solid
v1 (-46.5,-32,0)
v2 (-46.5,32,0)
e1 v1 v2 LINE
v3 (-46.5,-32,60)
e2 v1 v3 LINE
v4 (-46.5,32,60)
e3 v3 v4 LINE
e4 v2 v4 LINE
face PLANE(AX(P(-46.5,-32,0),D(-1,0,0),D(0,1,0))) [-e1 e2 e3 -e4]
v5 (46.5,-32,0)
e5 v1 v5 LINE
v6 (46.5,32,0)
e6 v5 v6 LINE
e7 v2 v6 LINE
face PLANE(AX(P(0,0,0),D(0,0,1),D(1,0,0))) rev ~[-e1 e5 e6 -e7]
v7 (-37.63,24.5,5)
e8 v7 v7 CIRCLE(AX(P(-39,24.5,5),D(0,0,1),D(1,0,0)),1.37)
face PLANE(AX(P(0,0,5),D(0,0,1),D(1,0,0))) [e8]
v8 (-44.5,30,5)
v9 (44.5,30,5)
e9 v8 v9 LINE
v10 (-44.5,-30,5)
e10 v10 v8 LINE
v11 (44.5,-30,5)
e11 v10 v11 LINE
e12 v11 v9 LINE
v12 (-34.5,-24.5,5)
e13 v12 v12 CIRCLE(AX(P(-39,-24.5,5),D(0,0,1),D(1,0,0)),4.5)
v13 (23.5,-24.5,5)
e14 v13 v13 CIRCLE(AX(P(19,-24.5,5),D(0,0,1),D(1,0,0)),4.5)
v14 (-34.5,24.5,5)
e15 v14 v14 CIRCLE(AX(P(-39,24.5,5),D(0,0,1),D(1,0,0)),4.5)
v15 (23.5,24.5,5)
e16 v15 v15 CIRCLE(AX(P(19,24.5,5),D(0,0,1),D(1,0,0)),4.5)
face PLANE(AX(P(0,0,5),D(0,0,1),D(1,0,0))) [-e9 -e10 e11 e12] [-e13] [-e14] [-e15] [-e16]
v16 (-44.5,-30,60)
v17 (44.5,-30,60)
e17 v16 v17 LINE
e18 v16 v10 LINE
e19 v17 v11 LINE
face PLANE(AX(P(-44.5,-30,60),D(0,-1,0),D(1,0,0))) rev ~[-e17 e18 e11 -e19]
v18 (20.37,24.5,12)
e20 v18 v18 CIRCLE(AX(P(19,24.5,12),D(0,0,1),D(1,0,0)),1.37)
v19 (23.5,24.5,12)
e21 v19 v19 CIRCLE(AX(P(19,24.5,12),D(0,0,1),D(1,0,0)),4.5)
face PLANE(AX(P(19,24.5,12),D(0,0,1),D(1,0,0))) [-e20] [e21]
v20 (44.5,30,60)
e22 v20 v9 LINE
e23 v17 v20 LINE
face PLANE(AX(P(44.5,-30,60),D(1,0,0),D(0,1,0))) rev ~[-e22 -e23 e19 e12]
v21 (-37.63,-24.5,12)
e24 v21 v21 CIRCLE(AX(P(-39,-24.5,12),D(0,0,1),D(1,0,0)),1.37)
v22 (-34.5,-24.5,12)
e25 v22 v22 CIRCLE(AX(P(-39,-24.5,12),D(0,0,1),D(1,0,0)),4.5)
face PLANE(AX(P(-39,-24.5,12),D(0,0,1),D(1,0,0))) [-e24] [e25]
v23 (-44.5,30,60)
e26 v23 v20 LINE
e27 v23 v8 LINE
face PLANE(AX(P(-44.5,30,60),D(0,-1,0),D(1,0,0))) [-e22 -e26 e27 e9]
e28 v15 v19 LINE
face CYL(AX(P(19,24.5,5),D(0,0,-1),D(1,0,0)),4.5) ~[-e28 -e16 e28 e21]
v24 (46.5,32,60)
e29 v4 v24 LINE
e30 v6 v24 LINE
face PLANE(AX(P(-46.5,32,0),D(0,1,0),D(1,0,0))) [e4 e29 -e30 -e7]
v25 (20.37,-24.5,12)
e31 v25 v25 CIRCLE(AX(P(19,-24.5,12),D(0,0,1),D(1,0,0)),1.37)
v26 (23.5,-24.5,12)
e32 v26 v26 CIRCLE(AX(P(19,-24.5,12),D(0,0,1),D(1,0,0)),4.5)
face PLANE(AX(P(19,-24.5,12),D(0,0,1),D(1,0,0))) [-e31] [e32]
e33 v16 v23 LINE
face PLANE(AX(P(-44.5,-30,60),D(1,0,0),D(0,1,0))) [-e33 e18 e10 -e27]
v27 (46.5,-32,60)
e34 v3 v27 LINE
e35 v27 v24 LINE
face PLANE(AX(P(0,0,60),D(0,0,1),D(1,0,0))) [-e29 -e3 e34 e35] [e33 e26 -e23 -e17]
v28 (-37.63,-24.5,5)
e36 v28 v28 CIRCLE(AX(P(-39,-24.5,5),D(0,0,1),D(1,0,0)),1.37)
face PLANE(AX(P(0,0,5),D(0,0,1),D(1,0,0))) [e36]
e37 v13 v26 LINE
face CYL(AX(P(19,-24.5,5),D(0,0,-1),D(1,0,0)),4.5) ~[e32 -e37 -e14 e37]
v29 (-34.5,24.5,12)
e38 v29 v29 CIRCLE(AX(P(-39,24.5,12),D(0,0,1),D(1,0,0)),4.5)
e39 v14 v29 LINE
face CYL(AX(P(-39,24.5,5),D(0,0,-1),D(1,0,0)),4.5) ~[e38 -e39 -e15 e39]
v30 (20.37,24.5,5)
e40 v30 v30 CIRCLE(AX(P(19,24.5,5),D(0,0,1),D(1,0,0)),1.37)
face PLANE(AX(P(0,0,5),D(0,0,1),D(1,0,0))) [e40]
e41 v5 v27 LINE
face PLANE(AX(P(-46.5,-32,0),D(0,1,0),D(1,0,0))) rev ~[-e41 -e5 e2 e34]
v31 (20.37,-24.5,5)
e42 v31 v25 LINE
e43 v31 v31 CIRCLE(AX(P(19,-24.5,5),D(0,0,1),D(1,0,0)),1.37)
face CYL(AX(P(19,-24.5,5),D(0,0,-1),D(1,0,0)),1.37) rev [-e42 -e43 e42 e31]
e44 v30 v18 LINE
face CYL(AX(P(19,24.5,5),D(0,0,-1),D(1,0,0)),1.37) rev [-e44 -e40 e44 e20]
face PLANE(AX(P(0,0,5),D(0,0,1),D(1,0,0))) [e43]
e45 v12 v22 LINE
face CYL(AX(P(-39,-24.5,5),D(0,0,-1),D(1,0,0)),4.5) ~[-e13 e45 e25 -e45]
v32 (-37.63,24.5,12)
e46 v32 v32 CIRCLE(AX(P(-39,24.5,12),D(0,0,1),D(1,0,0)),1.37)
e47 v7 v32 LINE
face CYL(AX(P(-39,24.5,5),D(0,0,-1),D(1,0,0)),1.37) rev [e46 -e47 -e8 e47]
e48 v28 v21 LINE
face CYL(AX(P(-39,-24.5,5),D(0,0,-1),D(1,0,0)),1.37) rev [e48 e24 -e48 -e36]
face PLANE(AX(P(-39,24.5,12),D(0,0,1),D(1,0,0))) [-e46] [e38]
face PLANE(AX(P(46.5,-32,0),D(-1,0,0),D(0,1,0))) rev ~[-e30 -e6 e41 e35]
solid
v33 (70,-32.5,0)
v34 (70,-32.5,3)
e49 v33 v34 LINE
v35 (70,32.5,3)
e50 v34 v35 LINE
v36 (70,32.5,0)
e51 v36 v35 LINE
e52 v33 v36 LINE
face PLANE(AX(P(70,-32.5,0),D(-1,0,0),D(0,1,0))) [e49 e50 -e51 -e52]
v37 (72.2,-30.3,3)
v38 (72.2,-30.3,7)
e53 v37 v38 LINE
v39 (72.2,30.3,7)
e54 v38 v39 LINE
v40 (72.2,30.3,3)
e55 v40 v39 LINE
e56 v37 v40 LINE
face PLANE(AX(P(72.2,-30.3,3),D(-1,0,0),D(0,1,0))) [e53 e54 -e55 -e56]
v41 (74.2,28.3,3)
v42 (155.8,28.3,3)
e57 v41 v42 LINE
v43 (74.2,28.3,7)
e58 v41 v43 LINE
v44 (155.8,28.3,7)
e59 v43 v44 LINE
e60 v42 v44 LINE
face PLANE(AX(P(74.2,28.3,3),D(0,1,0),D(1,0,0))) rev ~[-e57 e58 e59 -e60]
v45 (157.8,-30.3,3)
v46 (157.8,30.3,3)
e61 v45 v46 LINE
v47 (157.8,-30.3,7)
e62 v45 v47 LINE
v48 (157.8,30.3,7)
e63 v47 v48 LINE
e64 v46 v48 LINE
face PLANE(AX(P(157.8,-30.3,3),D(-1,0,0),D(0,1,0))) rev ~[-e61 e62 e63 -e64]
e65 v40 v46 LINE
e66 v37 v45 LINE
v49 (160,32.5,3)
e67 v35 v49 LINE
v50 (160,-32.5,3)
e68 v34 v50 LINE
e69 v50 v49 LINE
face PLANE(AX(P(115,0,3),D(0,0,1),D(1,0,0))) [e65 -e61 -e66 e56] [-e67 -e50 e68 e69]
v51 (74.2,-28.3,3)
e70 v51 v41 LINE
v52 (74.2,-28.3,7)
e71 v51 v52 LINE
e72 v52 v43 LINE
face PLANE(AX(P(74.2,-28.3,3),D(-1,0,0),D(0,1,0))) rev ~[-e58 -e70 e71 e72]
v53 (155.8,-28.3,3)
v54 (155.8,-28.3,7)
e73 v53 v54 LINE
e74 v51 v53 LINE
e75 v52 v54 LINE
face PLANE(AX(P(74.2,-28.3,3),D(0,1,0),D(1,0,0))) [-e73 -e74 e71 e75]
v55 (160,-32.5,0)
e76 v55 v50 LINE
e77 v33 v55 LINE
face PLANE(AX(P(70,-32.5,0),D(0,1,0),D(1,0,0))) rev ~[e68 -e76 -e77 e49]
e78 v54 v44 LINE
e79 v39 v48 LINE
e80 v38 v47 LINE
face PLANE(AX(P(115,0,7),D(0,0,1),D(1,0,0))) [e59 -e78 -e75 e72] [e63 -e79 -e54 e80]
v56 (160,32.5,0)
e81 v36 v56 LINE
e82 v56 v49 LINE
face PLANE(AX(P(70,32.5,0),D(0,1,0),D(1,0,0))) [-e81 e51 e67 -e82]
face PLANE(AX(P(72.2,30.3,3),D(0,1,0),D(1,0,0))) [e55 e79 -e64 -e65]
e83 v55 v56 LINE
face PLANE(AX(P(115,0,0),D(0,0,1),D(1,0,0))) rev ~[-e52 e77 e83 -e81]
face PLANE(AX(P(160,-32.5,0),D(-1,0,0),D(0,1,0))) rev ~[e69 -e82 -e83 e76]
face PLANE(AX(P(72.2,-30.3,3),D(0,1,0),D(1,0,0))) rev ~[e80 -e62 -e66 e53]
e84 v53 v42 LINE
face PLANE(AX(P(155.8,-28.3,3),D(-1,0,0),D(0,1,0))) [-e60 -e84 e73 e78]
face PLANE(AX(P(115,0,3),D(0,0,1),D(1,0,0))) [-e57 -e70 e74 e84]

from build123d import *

# Parameters (mm, degrees)
SKETCH_W      = 93
SKETCH_H      = 64
PAD_DEPTH     = 60
SKETCH001_W   = 89
SKETCH001_H   = 60
POCKET_DEPTH  = 55
SKETCH002_R   = 4.5
SKETCH002_R_2 = 1.37
PAD001_DEPTH  = 7
SKETCH003_W   = 90
SKETCH003_H   = 65
PAD002_DEPTH  = 3
SKETCH004_W   = 85.6
SKETCH004_H   = 60.6
SKETCH004_W_2 = 81.6
SKETCH004_H_2 = 56.6
PAD003_DEPTH  = 4


with BuildPart() as box_body_main:
    # Sketch → Pad (new body)
    with BuildSketch(Plane.XY):
        Rectangle(SKETCH_W, SKETCH_H)
    extrude(amount=PAD_DEPTH)

    # Sketch001 (on Face6 of Pad) → Pocket (cut)
    with BuildSketch(Plane.XY.offset(60)):
        Rectangle(SKETCH001_W, SKETCH001_H)
    extrude(amount=-POCKET_DEPTH, mode=Mode.SUBTRACT)

    # Sketch002 (on Face11 of Pocket) → Pad001 (join)
    with BuildSketch(Plane.XY.offset(5)):
        with Locations((-39, 24.5)):
            Circle(SKETCH002_R)
        with Locations((-39, 24.5)):
            Circle(SKETCH002_R_2, mode=Mode.SUBTRACT)
        with Locations((19, 24.5)):
            Circle(SKETCH002_R)
        with Locations((19, 24.5)):
            Circle(SKETCH002_R_2, mode=Mode.SUBTRACT)
        with Locations((-39, -24.5)):
            Circle(SKETCH002_R)
        with Locations((-39, -24.5)):
            Circle(SKETCH002_R_2, mode=Mode.SUBTRACT)
        with Locations((19, -24.5)):
            Circle(SKETCH002_R)
        with Locations((19, -24.5)):
            Circle(SKETCH002_R_2, mode=Mode.SUBTRACT)
    extrude(amount=PAD001_DEPTH)


with BuildPart() as cover_lid:
    # Sketch003 → Pad002 (new body)
    with BuildSketch(Plane.XY):
        with Locations((115, 0)):
            Rectangle(SKETCH003_W, SKETCH003_H)
    extrude(amount=PAD002_DEPTH)

    # Sketch004 (on Face6 of Pad002) → Pad003 (join)
    with BuildSketch(Plane.XY.offset(3)):
        with Locations((115, 0)):
            Rectangle(SKETCH004_W, SKETCH004_H)
        with Locations((115, 0)):
            Rectangle(SKETCH004_W_2, SKETCH004_H_2, mode=Mode.SUBTRACT)
    extrude(amount=PAD003_DEPTH)


solid = Compound([box_body_main.part, cover_lid.part])
